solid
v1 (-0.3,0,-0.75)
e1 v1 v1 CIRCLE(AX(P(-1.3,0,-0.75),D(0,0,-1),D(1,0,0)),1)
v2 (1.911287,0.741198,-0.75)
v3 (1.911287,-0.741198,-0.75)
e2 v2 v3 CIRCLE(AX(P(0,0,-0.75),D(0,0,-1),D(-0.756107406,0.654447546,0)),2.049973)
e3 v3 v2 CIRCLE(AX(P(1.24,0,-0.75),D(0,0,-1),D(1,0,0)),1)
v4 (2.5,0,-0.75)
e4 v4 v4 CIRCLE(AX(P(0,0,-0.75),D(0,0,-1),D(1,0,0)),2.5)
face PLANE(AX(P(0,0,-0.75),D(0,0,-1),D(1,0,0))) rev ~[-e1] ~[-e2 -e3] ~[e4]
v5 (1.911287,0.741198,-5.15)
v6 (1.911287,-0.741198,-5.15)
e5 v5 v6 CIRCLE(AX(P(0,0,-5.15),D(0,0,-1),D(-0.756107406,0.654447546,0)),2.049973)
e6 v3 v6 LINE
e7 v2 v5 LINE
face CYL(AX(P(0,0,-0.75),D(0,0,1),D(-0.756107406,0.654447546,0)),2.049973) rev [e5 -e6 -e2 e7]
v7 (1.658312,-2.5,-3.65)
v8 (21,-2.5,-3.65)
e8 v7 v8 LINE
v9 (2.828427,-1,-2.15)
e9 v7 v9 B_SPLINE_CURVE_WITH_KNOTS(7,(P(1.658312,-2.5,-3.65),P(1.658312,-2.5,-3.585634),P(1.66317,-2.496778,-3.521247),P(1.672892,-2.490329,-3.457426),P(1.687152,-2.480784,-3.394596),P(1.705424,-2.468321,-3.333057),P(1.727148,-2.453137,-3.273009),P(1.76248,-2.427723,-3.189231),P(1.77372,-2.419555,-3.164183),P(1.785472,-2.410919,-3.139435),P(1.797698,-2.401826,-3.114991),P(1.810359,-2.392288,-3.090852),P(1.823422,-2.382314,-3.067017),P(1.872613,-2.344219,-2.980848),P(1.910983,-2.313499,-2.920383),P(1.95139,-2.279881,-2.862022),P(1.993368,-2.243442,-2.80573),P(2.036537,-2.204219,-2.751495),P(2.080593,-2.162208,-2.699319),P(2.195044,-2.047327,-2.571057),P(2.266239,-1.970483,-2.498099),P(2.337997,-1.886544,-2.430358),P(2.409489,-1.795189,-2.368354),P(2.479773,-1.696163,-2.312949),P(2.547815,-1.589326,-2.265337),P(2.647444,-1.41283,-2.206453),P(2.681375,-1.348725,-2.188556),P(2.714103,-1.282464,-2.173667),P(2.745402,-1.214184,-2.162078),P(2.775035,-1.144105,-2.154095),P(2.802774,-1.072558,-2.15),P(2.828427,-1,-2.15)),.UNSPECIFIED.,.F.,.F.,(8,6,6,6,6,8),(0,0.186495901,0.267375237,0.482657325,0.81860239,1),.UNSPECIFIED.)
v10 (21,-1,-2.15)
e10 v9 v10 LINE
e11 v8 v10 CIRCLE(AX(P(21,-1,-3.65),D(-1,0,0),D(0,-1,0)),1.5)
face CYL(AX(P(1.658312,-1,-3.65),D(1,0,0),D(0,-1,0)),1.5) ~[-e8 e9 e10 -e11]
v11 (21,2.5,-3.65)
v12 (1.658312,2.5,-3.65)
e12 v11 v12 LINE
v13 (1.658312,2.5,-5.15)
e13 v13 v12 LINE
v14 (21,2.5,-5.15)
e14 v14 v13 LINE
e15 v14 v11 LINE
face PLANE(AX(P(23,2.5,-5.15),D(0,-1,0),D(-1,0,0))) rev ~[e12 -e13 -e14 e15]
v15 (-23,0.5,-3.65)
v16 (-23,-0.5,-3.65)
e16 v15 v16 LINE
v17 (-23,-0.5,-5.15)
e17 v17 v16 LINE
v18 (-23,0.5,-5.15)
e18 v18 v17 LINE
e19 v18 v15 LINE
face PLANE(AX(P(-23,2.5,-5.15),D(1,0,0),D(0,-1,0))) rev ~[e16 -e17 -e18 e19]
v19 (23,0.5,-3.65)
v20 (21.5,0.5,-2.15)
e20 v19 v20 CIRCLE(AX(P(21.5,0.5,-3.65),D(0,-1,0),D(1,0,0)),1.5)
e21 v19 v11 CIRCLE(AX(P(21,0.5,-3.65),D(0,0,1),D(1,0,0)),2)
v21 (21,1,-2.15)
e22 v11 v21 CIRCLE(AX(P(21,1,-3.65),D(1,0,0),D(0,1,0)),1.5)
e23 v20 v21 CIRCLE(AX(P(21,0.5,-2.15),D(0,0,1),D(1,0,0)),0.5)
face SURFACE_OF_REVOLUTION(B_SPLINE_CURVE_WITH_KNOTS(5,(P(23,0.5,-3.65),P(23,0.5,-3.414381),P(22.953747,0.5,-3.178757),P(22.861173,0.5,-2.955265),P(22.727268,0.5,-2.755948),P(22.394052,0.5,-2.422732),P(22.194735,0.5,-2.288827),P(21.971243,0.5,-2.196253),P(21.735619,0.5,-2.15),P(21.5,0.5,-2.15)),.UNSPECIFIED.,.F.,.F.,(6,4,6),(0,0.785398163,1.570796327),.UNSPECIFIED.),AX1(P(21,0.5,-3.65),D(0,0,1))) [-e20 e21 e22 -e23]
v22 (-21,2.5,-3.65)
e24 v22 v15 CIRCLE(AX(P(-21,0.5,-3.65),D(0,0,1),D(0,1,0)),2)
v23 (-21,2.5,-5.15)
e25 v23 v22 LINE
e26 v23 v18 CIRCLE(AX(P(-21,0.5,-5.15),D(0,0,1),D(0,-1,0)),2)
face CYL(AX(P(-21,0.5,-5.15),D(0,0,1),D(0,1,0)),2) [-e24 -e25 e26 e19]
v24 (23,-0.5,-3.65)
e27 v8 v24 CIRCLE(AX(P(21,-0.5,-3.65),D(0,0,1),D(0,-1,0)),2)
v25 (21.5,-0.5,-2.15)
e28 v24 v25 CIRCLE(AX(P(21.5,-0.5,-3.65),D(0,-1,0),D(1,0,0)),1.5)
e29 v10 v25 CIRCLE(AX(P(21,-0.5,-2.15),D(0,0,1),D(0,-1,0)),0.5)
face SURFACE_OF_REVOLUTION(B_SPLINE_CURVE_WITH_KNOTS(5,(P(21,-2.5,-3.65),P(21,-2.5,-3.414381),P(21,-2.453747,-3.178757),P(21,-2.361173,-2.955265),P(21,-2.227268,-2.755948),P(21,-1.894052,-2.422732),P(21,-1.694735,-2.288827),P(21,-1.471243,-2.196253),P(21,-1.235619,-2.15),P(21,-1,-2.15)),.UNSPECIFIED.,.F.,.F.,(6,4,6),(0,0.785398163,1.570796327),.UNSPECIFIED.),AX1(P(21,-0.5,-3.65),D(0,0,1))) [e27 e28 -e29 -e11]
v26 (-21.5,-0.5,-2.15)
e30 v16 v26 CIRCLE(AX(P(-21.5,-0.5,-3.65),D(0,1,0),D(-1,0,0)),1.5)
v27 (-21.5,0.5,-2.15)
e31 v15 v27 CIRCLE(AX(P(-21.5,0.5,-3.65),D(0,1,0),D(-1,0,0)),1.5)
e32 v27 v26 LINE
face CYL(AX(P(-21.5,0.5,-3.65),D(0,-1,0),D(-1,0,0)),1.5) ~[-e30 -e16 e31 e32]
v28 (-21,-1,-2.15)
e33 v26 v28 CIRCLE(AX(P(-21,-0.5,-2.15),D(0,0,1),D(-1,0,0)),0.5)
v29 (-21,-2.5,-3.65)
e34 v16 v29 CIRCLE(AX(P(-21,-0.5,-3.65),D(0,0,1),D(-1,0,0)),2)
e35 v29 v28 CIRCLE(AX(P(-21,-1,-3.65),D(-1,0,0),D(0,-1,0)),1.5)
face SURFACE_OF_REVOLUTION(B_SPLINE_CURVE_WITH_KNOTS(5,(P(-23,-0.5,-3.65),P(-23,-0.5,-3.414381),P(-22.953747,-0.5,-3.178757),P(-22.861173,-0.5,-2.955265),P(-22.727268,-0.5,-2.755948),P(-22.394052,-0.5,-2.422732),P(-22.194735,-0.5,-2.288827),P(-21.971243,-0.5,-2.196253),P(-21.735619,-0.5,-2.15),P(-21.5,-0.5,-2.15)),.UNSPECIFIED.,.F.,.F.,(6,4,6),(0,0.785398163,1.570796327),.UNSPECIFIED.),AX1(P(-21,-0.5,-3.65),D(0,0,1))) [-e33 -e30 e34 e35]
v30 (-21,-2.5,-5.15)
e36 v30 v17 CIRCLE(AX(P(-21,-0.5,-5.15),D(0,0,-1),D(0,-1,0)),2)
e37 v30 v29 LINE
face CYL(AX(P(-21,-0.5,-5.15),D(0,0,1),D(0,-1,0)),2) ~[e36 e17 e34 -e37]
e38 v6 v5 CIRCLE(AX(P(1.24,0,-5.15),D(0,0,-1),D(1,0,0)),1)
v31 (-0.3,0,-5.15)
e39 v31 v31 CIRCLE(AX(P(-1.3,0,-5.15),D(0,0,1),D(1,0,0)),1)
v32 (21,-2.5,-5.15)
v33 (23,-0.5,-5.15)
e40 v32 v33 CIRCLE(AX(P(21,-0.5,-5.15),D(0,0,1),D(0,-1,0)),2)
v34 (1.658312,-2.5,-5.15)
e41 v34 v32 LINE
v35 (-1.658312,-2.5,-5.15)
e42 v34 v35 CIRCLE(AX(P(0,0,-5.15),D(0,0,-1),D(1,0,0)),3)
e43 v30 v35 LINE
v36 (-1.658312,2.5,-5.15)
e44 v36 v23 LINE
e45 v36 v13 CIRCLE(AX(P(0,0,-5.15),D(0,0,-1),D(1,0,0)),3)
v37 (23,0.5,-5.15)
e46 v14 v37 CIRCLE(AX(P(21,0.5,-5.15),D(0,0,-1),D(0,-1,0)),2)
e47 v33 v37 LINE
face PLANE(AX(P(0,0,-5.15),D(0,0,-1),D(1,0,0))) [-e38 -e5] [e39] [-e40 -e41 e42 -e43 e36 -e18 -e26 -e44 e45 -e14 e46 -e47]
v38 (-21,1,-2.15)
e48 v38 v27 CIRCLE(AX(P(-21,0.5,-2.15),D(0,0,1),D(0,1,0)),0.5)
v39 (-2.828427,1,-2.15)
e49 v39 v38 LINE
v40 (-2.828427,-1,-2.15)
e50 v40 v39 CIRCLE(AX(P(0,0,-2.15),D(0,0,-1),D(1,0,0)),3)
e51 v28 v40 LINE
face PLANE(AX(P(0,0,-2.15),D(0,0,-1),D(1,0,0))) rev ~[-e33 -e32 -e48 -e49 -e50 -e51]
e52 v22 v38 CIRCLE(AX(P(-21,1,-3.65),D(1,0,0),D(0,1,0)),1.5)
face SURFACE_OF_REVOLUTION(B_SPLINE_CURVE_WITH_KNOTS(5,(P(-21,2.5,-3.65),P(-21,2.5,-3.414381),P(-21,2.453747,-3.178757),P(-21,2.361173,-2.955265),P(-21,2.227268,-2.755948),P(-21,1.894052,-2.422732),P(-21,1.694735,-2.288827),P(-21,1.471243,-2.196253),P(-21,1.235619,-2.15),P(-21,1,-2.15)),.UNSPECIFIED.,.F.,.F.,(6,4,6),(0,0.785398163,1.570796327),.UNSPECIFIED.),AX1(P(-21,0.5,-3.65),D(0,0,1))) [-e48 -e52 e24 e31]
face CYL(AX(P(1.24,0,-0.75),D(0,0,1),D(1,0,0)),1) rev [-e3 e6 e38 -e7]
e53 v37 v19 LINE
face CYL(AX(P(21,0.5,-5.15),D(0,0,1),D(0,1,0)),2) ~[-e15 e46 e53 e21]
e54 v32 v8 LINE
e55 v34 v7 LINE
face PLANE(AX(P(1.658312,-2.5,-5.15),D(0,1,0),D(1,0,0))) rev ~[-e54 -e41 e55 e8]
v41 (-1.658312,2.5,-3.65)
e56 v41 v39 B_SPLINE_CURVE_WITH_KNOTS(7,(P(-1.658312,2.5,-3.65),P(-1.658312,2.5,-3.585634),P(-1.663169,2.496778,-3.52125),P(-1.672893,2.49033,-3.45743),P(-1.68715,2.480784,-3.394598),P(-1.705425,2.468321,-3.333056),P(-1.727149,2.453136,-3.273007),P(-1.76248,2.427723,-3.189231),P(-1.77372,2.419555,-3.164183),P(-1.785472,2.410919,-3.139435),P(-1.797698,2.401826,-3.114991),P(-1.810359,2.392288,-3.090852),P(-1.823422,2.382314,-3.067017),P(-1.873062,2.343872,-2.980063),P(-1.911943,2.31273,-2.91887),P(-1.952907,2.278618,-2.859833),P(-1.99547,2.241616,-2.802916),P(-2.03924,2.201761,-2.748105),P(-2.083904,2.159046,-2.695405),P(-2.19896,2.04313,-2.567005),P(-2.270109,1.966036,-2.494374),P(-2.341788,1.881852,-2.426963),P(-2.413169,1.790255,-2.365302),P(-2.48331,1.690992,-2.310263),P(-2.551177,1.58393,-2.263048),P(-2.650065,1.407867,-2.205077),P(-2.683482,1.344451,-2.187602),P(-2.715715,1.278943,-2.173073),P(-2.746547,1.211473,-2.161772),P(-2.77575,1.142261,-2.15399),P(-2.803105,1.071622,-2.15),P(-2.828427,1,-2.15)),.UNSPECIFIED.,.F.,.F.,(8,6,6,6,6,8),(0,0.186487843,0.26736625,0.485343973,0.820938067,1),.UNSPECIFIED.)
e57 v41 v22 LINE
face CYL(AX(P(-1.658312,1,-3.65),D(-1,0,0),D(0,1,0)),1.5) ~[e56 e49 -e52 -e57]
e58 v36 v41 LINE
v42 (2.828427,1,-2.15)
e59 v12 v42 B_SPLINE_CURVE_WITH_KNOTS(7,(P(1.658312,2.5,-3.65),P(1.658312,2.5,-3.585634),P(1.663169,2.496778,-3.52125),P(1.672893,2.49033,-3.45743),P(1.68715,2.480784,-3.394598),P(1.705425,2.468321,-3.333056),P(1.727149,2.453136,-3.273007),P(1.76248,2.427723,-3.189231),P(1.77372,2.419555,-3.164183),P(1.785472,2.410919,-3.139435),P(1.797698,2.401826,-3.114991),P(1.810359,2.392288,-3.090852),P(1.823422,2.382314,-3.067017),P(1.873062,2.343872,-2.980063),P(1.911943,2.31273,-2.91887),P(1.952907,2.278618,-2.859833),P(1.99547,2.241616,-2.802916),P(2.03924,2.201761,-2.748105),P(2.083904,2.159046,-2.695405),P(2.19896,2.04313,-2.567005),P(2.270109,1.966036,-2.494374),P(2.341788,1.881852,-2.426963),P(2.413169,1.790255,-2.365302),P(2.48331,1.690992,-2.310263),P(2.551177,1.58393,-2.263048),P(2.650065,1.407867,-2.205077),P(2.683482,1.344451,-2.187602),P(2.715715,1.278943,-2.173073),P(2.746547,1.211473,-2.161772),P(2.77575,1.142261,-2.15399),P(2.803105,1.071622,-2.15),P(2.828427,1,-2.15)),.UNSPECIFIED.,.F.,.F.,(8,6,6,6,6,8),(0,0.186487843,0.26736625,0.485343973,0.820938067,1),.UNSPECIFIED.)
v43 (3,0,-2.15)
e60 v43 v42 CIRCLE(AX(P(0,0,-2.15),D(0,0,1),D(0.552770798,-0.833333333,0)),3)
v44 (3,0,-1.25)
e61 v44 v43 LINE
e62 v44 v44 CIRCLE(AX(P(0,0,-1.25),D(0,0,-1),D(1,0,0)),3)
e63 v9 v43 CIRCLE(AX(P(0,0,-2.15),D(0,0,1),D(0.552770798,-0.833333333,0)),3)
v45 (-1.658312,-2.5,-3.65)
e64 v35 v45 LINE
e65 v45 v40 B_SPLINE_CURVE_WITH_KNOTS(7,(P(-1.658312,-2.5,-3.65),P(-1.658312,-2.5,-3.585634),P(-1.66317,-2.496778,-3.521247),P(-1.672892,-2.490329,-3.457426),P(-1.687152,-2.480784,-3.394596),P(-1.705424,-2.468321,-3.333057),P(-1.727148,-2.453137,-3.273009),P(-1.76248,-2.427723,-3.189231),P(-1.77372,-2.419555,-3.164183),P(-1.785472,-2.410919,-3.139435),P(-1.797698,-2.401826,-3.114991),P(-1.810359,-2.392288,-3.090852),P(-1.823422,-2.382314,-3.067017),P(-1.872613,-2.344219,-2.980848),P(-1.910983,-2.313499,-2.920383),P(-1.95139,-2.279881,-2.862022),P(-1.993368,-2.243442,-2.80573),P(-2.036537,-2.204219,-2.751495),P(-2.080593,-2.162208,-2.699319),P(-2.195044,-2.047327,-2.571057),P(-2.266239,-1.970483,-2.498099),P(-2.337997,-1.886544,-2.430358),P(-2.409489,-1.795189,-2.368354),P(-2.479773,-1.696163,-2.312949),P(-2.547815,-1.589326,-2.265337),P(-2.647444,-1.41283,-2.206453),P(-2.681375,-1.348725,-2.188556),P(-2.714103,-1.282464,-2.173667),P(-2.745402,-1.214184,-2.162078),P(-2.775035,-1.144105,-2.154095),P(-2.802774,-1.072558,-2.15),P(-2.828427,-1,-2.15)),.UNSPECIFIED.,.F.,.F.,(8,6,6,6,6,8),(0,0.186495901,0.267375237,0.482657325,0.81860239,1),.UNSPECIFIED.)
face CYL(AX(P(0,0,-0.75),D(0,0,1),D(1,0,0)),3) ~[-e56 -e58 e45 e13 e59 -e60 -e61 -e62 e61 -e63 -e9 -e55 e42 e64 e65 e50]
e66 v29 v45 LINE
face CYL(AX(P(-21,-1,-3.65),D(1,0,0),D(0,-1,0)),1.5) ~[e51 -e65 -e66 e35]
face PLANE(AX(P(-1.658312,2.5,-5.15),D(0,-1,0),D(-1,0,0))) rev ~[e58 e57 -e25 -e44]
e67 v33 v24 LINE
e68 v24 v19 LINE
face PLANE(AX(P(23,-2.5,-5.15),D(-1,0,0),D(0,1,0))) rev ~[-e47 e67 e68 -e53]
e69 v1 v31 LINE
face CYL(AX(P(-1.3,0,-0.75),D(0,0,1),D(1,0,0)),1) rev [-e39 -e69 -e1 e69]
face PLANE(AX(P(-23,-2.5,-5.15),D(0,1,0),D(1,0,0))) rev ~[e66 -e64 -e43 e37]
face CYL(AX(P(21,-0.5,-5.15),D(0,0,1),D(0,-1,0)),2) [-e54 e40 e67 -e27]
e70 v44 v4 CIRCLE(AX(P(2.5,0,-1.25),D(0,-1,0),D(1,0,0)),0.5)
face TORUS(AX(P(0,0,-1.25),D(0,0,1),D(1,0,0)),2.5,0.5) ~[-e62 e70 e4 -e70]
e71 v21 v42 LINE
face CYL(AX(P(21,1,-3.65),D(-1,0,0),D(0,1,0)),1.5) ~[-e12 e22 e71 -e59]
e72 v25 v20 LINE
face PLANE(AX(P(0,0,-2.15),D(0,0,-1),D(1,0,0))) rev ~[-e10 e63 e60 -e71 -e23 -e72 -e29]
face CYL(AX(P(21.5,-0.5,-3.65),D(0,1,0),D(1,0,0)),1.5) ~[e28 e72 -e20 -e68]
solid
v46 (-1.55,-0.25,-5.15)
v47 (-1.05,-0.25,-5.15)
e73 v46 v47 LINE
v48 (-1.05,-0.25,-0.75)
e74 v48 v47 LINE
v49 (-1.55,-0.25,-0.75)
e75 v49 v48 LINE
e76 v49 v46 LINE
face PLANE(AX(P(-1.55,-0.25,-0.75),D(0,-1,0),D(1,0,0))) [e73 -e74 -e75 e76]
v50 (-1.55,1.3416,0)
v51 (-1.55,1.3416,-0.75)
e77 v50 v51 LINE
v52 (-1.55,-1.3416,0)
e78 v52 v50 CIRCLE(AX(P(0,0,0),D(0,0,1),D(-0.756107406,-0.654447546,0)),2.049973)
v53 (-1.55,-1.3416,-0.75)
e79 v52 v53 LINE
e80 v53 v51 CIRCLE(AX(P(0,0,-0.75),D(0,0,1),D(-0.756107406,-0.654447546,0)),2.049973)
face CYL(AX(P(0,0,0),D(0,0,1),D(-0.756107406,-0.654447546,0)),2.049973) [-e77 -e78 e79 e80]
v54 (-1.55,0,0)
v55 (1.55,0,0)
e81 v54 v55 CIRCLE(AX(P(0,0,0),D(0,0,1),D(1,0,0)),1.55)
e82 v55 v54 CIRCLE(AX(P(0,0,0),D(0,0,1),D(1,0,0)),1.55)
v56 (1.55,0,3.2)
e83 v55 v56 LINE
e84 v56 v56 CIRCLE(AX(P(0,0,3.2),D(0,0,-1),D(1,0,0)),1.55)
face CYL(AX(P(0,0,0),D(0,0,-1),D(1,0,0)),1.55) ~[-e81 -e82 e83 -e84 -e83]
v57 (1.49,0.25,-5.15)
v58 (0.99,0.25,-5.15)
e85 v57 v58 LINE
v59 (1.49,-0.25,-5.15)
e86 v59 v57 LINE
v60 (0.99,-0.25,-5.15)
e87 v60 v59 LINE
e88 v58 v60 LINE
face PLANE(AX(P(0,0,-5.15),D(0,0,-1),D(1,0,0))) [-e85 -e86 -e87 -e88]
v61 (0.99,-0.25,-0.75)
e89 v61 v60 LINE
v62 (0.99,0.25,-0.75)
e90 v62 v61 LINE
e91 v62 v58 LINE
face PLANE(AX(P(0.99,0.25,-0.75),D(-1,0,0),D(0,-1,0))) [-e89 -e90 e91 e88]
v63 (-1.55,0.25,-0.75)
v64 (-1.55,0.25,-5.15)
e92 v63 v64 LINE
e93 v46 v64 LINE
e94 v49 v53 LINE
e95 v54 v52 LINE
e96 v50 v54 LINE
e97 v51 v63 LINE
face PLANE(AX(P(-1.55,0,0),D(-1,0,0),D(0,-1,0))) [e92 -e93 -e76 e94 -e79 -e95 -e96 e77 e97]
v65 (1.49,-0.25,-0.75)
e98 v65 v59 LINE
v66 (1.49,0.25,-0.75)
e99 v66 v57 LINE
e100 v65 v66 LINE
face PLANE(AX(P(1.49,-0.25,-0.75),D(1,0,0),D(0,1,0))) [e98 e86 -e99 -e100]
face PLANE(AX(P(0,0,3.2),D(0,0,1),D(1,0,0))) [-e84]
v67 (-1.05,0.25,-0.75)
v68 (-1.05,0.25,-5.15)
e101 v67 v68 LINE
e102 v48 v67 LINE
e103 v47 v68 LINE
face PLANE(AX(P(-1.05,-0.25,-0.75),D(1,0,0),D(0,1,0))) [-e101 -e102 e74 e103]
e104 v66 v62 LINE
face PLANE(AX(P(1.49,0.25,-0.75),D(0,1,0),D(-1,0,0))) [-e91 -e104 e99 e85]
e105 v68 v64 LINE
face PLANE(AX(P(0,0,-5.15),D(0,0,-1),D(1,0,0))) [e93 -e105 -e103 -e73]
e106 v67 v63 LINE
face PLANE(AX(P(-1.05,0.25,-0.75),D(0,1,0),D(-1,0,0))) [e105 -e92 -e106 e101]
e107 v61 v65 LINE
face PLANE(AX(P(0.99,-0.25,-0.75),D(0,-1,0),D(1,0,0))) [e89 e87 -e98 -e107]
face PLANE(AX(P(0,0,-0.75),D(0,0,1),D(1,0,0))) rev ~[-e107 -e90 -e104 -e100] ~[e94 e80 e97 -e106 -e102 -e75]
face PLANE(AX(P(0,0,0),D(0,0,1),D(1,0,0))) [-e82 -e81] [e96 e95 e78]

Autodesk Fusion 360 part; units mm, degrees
sketch "Sketch2" plane through (0, 0, 0) normal (0, 0, 1) x (1, 0, 0)
  circle A0 centre (0, 0) radius 1.55
  line L0 (-1.55, 1.3416) -> (-1.55, -1.3416)
  arc A1 (-1.55, -1.3416) -> (-1.55, 1.3416) centre (0, 0) ccw
  dimension "d26" = 3.1
  dimension "d27" = 4.1
  dimension "d37" = 0
  dimension "d38" = 0
  dimension "d39" = 0
  dimension "d40" = 0
  dimension "d49" = 0
  dimension "d50" = 0
  dimension "d51" = 0
  dimension "d52" = 0
extrude "Extrude1" add sketch "Sketch2" along normal blind 3.2 contours A0 makes body 1
extrude "Extrude2" add sketch "Sketch2" against normal blind 0.75 contours A0 | L0 A1 bodies 1
sketch "Sketch3" plane through (0, 0, -0.75) normal (0, 0, -1) x (1, 0, 0)
  arc A0 (-1.55, -1.3416) -> (-1.55, 1.3416) centre (0, 0) ccw
  line L0 (-1.55, 1.3416) -> (-1.55, -1.3416)
  line L1 (-1.55, 0) -> (2.05, 0) construction
  line L2 (-1.55, 0.25) -> (-1.05, 0.25)
  line L3 (-1.05, 0.25) -> (-1.05, -0.25)
  line L4 (-1.05, -0.25) -> (-1.55, -0.25)
  line L5 (-1.55, -0.25) -> (-1.55, 0.25)
  line L6 (0.99, 0.25) -> (1.49, 0.25)
  line L7 (1.49, 0.25) -> (1.49, -0.25)
  line L8 (1.49, -0.25) -> (0.99, -0.25)
  line L9 (0.99, -0.25) -> (0.99, 0.25)
  line L10 (-1.3, -0.25) -> (-1.3, 0.25) construction
  line L11 (1.24, -0.25) -> (1.24, 0.25) construction
  point P0 (-1.55, 0)
  dimension "d32" = 2.54
  dimension "d33" = 0.5
  dimension "d34" = 0.5
extrude "Extrude3" add sketch "Sketch3" along normal blind 4.4 contours L0 L2 L3 L4 L5 | L6 L7 L8 L9 bodies 1
sketch "Sketch1" plane through (0, 0, -0.75) normal (0, 0, -1) x (1, 0, 0) in component "Component"
  line L0 (0.99, -0.25) -> (0.99, 0.25)
  line L1 (0.99, 0.25) -> (1.49, 0.25)
  line L2 (1.49, 0.25) -> (1.49, -0.25)
  line L3 (1.49, -0.25) -> (0.99, -0.25)
  line L4 (-1.55, 0.25) -> (-1.05, 0.25)
  line L5 (-1.05, 0.25) -> (-1.05, -0.25)
  line L6 (-1.05, -0.25) -> (-1.55, -0.25)
  line L7 (-1.55, -0.25) -> (-1.55, -1.3416)
  arc A0 (-1.55, -1.3416) -> (-1.55, 1.3416) centre (0, 0) ccw
  line L8 (-1.55, 1.3416) -> (-1.55, 0.25)
  circle A1 centre (0, 0) radius 3
  line L9 (0.99, 0) -> (1.49, 0) construction
  line L10 (1.24, 0.25) -> (1.24, -0.25) construction
  line L11 (-1.3, 0.25) -> (-1.3, -0.25) construction
  line L12 (-1.05, 0) -> (-1.55, 0) construction
  circle A2 centre (-1.3, 0) radius 1
  circle A3 centre (1.24, 0) radius 1
  point P0 (-1.55, 0)
  dimension "d1" = 6
  dimension "d2" = 2
extrude "Extrude1'" add sketch "Sketch1" along normal up to surface (4.4 mm away) separate body contours L7 A0 L8 A2 A3 | A0 A3 | A1 picked at (2.1096, 0) makes body 2 in component "Component"
sketch "Sketch2 (2)" plane through (0, 0, -5.15) normal (0, 0, -1) x (1, 0, 0) in component "Component"
  circle A0 centre (0, 0) radius 3
  circle A1 centre (-1.3, 0) radius 1
  circle A2 centre (1.24, 0) radius 1
  line L0 (-23, 2.5) -> (23, 2.5)
  line L1 (23, 2.5) -> (23, -2.5)
  line L2 (23, -2.5) -> (-23, -2.5)
  line L3 (-23, -2.5) -> (-23, 2.5)
  line L4 (23, 0) -> (-23, 0) construction
  line L5 (0, 2.5) -> (0, -2.5) construction
  dimension "d6" = 20
  dimension "d7" = 5
extrude "Extrude2'" add sketch "Sketch2 (2)" against normal blind 3 contours A0 L0 L1 L2 | A0 L0 L2 L3 bodies 2 in component "Component"
fillet "Fillet1" radius 2 4 edges at (23, -2.5, -3.65) (23, 2.5, -3.65) (-23, -2.5, -3.65) (-23, 2.5, -3.65) on bodies 2 in component "Component"
fillet "Fillet2" radius 1.5 10 edges at (-11.3292, 2.5, -2.15) (-22.4142, 1.9142, -2.15) (-23, 0, -2.15) (-22.4142, -1.9142, -2.15) (-11.3292, -2.5, -2.15) (11.3292, -2.5, -2.15) (22.4142, -1.9142, -2.15) (23, 0, -2.15) (22.4142, 1.9142, -2.15) (11.3292, 2.5, -2.15) on bodies 2 in component "Component"
fillet "Fillet3" radius 0.5 1 edges at (-2.797, 1.0848, -0.75) on bodies 2 in component "Component"
component "Component" placed x (1, 0, 0) y (0, 1, 0) z (0, 0, 1) at (0, 0, 0)
